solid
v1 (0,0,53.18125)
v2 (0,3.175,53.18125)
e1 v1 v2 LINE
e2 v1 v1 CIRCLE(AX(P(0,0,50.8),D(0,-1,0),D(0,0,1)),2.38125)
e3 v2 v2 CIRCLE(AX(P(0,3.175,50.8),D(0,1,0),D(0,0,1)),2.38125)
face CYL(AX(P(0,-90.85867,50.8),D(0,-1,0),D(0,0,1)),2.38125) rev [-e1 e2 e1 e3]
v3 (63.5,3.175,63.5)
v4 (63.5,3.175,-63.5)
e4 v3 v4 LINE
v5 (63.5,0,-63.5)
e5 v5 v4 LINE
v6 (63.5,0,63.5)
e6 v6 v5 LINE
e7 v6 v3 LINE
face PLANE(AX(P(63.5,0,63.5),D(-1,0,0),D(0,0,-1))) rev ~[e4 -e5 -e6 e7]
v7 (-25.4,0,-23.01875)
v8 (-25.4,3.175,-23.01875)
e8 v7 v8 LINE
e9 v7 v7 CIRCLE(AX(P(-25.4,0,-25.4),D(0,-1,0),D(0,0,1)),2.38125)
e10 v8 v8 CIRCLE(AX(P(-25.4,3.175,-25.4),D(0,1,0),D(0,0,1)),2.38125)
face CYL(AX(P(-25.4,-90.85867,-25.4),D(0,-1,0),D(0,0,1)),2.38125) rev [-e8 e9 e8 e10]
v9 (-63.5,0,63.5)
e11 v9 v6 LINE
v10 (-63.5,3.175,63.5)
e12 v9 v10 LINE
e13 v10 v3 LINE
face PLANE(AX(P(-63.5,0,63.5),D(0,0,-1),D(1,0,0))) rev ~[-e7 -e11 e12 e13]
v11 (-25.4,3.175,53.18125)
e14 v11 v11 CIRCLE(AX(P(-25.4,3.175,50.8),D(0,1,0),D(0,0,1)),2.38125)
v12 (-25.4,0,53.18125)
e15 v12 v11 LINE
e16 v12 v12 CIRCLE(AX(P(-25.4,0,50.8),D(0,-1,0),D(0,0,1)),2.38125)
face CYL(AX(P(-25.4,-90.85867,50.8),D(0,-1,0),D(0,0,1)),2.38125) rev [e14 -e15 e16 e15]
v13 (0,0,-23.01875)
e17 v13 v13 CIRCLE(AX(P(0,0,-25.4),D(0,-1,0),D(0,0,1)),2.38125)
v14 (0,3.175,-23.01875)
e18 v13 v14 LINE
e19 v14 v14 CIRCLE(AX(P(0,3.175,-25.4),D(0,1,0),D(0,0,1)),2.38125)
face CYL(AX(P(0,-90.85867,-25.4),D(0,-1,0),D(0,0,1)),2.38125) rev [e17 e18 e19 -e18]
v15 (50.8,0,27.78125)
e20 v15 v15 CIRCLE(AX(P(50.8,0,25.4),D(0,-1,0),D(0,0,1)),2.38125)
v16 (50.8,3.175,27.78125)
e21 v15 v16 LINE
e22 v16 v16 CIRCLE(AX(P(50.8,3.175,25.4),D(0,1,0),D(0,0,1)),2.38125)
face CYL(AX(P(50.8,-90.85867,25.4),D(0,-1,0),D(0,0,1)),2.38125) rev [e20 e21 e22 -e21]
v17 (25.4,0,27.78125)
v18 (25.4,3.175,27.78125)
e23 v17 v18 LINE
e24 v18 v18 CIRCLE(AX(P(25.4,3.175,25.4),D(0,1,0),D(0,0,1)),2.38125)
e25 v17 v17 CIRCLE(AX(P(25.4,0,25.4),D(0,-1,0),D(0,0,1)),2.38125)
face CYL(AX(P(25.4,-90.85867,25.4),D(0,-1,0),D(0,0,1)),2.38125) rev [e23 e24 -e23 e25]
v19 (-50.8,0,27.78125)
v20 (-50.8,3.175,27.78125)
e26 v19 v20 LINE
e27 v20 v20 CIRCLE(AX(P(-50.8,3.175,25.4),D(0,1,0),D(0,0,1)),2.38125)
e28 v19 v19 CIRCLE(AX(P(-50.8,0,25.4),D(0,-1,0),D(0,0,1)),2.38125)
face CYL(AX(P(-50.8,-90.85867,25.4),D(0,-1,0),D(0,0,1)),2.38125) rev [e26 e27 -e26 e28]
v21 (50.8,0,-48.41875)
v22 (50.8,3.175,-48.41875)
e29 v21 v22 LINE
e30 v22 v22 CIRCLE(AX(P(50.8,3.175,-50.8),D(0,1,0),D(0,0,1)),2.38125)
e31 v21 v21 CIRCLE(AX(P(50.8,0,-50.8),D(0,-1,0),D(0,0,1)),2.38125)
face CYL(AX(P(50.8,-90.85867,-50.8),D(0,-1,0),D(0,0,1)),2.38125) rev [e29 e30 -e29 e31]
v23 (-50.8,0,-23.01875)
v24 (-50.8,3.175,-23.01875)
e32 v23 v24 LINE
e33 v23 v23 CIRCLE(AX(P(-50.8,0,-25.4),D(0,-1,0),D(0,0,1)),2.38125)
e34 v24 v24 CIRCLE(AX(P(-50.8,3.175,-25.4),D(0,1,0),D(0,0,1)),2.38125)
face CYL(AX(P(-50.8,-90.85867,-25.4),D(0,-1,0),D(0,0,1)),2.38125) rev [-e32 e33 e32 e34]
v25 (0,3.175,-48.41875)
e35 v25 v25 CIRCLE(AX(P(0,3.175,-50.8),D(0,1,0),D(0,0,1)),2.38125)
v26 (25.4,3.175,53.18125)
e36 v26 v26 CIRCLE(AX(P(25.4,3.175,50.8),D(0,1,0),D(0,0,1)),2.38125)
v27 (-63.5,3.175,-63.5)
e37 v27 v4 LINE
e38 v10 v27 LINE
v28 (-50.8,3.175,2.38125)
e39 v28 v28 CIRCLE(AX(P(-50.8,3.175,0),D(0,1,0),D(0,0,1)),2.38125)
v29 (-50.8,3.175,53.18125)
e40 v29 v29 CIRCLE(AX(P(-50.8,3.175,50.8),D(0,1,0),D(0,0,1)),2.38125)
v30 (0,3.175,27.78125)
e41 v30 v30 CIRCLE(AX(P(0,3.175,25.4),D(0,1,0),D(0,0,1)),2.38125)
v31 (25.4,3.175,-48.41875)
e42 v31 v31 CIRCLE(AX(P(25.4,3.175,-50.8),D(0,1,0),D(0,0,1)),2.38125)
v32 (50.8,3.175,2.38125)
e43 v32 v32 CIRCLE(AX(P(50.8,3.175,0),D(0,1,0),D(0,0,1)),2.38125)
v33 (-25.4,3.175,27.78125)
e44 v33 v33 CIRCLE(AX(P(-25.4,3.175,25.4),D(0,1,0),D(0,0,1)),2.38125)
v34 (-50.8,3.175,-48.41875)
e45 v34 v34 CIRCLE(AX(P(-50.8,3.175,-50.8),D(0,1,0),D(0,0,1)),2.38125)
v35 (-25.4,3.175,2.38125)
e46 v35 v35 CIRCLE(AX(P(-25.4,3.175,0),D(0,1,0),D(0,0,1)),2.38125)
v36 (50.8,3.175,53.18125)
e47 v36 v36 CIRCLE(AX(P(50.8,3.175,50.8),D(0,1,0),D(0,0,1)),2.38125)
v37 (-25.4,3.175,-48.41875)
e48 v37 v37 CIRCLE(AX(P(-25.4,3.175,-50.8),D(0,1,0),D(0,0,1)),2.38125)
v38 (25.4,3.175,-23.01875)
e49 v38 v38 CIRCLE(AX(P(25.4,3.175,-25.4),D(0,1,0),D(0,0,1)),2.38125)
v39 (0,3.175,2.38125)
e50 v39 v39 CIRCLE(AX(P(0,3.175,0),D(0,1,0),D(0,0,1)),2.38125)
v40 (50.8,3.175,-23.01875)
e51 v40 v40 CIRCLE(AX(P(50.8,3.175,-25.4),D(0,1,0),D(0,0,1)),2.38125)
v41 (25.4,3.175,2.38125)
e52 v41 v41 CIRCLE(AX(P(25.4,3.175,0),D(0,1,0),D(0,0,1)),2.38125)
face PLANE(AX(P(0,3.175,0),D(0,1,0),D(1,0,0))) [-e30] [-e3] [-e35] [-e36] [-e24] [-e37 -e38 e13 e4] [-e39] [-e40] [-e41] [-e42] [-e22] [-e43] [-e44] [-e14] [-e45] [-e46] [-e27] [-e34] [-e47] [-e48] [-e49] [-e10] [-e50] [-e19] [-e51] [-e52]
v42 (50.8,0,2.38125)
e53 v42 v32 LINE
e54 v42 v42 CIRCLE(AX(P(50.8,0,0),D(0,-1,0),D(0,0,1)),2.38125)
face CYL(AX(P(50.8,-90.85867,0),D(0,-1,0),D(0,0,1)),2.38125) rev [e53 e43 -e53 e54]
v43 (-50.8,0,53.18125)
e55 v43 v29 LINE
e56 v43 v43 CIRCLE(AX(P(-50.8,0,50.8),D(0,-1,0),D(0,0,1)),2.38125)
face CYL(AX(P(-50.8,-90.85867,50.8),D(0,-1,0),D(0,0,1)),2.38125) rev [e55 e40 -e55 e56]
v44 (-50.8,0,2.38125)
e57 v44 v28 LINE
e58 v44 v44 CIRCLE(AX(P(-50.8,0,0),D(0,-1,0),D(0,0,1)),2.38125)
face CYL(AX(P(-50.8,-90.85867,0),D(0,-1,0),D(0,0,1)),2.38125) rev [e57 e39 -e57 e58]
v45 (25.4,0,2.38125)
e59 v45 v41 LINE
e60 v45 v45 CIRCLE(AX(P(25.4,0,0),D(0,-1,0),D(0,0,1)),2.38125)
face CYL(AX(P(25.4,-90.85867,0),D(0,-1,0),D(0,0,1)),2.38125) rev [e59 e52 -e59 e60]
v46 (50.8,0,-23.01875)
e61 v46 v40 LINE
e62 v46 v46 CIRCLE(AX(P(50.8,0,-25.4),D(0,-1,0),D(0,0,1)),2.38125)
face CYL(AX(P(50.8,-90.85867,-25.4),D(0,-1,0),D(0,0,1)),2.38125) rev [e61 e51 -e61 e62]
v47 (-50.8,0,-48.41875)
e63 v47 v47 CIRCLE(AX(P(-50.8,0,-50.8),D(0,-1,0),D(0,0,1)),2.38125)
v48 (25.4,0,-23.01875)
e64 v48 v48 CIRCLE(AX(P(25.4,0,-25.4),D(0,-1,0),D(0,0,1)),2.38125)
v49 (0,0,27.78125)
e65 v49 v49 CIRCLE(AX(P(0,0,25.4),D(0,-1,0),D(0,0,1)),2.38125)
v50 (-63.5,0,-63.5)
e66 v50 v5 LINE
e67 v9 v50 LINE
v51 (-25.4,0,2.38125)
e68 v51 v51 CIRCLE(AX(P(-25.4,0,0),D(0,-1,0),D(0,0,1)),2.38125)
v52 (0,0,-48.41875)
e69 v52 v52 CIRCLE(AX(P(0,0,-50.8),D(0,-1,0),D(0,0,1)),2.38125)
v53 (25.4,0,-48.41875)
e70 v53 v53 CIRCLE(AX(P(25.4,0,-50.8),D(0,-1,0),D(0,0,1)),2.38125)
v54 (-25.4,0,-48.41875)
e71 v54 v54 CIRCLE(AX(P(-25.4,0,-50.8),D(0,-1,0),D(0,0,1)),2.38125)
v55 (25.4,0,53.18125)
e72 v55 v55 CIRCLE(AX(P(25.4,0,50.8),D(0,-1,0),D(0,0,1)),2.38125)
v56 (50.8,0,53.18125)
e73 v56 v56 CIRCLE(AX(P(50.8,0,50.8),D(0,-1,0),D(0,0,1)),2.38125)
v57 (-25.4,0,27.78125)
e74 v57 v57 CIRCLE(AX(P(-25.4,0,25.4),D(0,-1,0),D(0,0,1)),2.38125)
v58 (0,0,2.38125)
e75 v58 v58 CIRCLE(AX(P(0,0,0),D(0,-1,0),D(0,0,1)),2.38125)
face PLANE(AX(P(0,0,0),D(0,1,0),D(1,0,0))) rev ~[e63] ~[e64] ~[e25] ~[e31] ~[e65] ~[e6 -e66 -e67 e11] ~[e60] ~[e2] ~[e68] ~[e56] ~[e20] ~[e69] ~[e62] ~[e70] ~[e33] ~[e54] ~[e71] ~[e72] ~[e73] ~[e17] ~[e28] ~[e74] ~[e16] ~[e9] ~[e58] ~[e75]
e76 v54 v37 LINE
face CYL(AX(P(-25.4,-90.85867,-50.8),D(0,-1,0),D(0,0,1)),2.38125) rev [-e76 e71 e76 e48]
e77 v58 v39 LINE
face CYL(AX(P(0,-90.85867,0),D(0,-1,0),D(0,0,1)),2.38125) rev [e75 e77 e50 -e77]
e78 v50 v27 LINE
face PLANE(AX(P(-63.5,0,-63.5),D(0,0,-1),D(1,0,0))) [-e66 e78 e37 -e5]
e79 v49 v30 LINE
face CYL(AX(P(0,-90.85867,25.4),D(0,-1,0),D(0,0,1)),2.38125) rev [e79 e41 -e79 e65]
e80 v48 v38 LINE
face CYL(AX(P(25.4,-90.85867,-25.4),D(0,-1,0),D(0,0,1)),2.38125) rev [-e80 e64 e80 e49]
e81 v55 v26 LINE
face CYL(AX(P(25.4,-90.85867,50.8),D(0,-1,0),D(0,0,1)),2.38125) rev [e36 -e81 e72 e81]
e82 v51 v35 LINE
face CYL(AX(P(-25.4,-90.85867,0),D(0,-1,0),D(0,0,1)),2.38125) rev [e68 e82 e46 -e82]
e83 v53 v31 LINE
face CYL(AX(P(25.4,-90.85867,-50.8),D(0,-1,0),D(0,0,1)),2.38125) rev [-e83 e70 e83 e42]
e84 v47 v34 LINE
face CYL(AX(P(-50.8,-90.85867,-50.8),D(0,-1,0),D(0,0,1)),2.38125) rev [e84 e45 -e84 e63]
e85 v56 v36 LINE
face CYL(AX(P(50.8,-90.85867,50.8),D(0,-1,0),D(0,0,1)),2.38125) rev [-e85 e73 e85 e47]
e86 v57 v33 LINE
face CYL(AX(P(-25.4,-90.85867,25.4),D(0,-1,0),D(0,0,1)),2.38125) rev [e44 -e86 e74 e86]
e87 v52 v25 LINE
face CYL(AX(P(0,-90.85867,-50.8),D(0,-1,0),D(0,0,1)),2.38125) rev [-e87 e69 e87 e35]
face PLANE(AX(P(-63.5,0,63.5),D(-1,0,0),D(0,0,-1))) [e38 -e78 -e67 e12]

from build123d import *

# Parameters (mm, degrees)
SKETCH1_W               = 127
SKETCH1_H               = 127
BOSS_EXTRUDE1_DEPTH     = 3.175
CUT_EXTRUDE3_DEPTH      = 3.175
CUT_EXTRUDE3_DEPTH_BACK = 90.858670283
SKETCH2_R               = 2.38125


with BuildPart() as part:
    # Sketch1 → Boss-Extrude1 (new body)
    with BuildSketch(Plane(origin=(0, 0, 0), x_dir=(1, 0, 0), z_dir=(0, 1, 0))):
        Rectangle(SKETCH1_W, SKETCH1_H)
    extrude(amount=BOSS_EXTRUDE1_DEPTH)

    # Sketch2 → Cut-Extrude3 (cut, two sides: drawn at the far end of the back side and taken through both)
    with BuildSketch(Plane(origin=(0, 0, 0), x_dir=(1, 0, 0), z_dir=(0, 1, 0)).offset(-CUT_EXTRUDE3_DEPTH_BACK)):
        with Locations(Location((-50.8, -50.8, 0), (0, 0, 270))):
            Circle(SKETCH2_R)
        with Locations(Location((-25.4, -50.8, 0), (0, 0, 270))):
            Circle(SKETCH2_R)
        with Locations(Location((0, -50.8, 0), (0, 0, 270))):
            Circle(SKETCH2_R)
        with Locations(Location((25.4, -50.8, 0), (0, 0, 270))):
            Circle(SKETCH2_R)
        with Locations(Location((50.8, -50.8, 0), (0, 0, 270))):
            Circle(SKETCH2_R)
        with Locations(Location((-25.4, -25.4, 0), (0, 0, 270))):
            Circle(SKETCH2_R)
        with Locations(Location((0, -25.4, 0), (0, 0, 270))):
            Circle(SKETCH2_R)
        with Locations(Location((25.4, -25.4, 0), (0, 0, 270))):
            Circle(SKETCH2_R)
        with Locations(Location((50.8, -25.4, 0), (0, 0, 270))):
            Circle(SKETCH2_R)
        with Locations(Location((-25.4, 0, 0), (0, 0, 270))):
            Circle(SKETCH2_R)
        with Locations(Location((0, 0, 0), (0, 0, 270))):
            Circle(SKETCH2_R)
        with Locations(Location((25.4, 0, 0), (0, 0, 270))):
            Circle(SKETCH2_R)
        with Locations(Location((50.8, 0, 0), (0, 0, 270))):
            Circle(SKETCH2_R)
        with Locations(Location((-25.4, 25.4, 0), (0, 0, 270))):
            Circle(SKETCH2_R)
        with Locations(Location((0, 25.4, 0), (0, 0, 270))):
            Circle(SKETCH2_R)
        with Locations(Location((25.4, 25.4, 0), (0, 0, 270))):
            Circle(SKETCH2_R)
        with Locations(Location((50.8, 25.4, 0), (0, 0, 270))):
            Circle(SKETCH2_R)
        with Locations(Location((-25.4, 50.8, 0), (0, 0, 270))):
            Circle(SKETCH2_R)
        with Locations(Location((0, 50.8, 0), (0, 0, 270))):
            Circle(SKETCH2_R)
        with Locations(Location((25.4, 50.8, 0), (0, 0, 270))):
            Circle(SKETCH2_R)
        with Locations(Location((50.8, 50.8, 0), (0, 0, 270))):
            Circle(SKETCH2_R)
        with Locations(Location((-50.8, -25.4, 0), (0, 0, 270))):
            Circle(SKETCH2_R)
        with Locations(Location((-50.8, 0, 0), (0, 0, 270))):
            Circle(SKETCH2_R)
        with Locations(Location((-50.8, 25.4, 0), (0, 0, 270))):
            Circle(SKETCH2_R)
        with Locations(Location((-50.8, 50.8, 0), (0, 0, 270))):
            Circle(SKETCH2_R)
    extrude(amount=CUT_EXTRUDE3_DEPTH + CUT_EXTRUDE3_DEPTH_BACK, mode=Mode.SUBTRACT)


solid = part.part
